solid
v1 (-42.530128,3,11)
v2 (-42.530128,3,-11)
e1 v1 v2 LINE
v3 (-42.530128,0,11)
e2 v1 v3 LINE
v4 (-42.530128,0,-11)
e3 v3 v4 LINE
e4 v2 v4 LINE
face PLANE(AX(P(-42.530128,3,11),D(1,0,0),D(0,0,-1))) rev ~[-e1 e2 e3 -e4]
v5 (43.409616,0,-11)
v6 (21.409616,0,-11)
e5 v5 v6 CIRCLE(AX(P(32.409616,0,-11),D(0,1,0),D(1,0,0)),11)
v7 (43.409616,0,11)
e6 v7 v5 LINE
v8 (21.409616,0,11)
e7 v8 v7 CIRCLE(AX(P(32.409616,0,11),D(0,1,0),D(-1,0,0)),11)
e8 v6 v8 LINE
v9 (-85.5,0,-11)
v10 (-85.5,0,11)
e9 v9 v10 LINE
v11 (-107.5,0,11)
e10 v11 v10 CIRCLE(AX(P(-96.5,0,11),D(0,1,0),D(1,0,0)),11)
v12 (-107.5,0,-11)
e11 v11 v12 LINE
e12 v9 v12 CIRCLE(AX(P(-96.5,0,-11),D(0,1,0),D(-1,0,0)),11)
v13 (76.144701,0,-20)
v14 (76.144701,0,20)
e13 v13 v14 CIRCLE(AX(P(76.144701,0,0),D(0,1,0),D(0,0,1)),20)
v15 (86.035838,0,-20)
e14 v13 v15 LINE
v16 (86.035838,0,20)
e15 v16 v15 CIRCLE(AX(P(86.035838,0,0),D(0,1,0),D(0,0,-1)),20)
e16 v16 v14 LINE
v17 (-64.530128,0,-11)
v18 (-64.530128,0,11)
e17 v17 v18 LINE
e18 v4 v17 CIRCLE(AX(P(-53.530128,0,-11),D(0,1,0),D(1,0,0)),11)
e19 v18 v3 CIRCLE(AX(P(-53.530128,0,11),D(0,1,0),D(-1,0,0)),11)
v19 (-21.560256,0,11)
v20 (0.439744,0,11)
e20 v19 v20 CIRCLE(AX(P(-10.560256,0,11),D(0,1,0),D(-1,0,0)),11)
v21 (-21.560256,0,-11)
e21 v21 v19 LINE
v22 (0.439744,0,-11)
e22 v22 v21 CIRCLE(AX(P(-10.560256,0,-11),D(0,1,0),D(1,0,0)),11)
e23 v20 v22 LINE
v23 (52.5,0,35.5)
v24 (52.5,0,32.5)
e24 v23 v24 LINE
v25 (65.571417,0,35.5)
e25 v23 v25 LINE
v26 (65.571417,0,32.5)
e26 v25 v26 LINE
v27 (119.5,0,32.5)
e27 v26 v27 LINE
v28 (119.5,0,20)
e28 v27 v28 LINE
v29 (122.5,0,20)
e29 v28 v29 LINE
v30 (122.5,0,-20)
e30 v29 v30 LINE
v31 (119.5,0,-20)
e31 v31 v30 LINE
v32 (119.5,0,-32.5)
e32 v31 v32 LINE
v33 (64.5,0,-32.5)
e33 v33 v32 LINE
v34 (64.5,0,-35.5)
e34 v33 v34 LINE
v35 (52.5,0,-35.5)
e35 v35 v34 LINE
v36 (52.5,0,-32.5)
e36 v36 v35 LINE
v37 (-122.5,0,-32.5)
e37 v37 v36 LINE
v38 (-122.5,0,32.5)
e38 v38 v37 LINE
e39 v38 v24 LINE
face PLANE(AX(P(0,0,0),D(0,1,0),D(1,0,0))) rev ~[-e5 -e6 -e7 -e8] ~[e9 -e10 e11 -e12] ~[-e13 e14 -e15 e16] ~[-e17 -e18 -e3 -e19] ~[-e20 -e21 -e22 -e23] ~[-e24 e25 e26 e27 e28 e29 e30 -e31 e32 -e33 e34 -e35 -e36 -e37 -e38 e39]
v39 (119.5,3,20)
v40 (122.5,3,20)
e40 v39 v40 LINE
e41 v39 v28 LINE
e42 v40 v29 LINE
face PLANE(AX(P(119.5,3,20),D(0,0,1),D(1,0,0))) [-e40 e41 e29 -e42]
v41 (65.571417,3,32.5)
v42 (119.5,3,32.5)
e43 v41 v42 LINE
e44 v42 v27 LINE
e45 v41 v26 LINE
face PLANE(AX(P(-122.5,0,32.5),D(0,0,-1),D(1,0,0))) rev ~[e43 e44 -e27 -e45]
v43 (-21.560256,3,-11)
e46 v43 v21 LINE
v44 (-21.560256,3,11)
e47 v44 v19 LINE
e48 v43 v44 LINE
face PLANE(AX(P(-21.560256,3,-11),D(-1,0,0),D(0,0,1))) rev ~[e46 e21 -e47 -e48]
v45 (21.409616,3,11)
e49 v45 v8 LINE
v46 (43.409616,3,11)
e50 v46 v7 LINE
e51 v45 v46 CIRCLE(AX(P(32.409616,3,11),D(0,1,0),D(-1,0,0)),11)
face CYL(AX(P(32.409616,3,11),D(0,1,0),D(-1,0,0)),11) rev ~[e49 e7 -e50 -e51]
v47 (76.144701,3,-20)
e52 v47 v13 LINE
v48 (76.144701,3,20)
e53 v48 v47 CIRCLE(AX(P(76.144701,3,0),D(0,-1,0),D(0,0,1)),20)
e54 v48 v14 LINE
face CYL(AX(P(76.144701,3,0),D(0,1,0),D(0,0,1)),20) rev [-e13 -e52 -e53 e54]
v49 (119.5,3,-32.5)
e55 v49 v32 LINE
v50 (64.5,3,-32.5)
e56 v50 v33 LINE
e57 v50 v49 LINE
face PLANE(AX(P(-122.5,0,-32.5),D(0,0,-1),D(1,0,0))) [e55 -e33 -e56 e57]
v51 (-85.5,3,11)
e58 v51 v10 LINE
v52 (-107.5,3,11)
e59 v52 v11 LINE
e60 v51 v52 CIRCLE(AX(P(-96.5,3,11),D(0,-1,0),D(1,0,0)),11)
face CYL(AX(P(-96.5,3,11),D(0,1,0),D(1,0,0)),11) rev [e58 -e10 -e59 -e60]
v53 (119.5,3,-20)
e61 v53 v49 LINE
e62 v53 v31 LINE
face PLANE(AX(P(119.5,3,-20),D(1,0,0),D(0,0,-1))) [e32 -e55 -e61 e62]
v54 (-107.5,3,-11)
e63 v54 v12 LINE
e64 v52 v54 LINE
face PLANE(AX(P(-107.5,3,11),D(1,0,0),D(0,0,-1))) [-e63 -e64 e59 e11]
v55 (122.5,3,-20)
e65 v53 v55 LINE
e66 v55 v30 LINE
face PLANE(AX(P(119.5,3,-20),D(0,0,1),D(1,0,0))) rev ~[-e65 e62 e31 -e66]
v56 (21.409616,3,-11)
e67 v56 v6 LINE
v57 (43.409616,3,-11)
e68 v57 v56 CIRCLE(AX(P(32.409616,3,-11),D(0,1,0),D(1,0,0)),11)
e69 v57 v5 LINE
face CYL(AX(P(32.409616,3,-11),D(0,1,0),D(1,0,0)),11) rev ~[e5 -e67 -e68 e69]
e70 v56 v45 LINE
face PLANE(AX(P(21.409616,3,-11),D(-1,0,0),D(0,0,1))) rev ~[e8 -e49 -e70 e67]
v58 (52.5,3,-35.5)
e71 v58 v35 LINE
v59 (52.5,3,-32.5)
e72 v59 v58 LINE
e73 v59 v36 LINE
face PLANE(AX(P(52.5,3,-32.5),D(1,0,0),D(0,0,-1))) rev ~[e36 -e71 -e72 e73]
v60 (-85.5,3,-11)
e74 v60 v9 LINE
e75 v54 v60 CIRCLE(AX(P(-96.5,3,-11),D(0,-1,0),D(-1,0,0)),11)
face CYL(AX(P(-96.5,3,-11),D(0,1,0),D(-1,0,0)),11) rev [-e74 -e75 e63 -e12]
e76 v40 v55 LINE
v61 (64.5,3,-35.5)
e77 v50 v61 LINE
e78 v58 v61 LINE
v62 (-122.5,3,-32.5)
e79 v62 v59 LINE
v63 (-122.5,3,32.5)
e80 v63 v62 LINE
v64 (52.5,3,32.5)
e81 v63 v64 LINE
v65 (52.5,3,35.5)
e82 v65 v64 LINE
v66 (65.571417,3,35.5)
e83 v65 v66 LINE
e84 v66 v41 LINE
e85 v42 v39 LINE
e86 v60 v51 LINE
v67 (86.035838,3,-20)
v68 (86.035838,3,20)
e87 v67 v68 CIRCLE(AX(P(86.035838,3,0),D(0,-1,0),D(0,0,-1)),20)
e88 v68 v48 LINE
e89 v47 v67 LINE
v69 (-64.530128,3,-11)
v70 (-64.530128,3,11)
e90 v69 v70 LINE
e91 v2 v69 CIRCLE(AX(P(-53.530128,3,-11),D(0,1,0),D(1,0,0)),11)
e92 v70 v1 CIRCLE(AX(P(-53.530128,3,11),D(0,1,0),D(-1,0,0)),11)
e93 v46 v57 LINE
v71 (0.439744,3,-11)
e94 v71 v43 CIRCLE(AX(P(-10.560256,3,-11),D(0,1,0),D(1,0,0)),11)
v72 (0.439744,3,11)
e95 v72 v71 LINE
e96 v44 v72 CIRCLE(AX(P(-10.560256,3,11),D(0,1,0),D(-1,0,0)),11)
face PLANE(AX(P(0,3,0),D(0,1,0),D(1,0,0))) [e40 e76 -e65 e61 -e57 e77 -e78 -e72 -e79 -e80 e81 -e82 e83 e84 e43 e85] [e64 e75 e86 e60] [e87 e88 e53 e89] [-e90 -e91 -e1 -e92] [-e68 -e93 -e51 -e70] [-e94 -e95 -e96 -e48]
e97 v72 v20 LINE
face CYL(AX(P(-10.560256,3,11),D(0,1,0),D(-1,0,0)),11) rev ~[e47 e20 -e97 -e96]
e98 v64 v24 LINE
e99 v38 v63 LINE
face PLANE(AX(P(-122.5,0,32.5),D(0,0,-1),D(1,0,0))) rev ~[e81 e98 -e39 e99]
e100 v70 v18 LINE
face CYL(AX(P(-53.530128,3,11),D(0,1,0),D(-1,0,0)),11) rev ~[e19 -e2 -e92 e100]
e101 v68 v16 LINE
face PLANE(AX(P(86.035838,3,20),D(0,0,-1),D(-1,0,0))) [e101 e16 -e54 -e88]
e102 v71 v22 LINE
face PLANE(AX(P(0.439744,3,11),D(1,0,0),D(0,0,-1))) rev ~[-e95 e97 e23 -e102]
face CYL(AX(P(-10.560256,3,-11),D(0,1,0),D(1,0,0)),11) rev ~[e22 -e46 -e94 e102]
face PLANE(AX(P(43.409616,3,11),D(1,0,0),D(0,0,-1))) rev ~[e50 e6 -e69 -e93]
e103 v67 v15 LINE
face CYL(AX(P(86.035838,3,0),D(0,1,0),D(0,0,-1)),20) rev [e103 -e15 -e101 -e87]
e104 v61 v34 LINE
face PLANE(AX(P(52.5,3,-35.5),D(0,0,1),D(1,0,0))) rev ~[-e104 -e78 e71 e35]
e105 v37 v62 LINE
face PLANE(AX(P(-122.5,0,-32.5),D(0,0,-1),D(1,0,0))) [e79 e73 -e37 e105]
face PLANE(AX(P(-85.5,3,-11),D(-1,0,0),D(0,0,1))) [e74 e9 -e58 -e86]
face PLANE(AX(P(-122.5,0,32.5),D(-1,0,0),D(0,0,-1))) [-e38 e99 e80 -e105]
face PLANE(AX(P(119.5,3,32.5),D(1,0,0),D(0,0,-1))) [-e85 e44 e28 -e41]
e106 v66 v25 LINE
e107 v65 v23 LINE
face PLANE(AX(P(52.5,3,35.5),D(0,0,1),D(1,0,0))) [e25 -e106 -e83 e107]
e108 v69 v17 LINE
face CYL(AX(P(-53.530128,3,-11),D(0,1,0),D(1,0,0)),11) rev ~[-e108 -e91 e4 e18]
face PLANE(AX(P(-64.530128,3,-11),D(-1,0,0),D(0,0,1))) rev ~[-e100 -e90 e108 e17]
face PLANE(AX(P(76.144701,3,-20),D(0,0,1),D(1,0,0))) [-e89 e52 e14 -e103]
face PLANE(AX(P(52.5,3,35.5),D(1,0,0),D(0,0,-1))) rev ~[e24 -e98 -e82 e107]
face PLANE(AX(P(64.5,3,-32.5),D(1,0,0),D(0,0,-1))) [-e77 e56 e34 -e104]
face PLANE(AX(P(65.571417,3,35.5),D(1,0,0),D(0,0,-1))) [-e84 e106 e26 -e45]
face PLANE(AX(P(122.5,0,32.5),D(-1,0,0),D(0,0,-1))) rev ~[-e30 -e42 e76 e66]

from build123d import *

# Parameters (mm, degrees)
SKETCH1_W           = 245
SKETCH1_H           = 65
BOSS_EXTRUDE1_DEPTH = 3
CUT_EXTRUDE1_DEPTH  = 10
SKETCH3_W           = 3
SKETCH3_H           = 12.5
CUT_EXTRUDE2_DEPTH  = 10
SKETCH5_W           = 12
SKETCH5_H           = 3
SKETCH5_W_2         = 13.071416553
BOSS_EXTRUDE2_DEPTH = 3


with BuildPart() as part:
    # Sketch1 → Boss-Extrude1 (new body)
    with BuildSketch(Plane(origin=(0, 0, 0), x_dir=(1, 0, 0), z_dir=(0, 1, 0))):
        Rectangle(SKETCH1_W, SKETCH1_H)
    extrude(amount=BOSS_EXTRUDE1_DEPTH)

    # Sketch2 → Cut-Extrude1 (cut)
    with BuildSketch(Plane(origin=(0, 3, 0), x_dir=(1, 0, 0), z_dir=(0, 1, 0))):
        with BuildLine():
            Line((-85.5, 11), (-85.5, -11))
            ThreePointArc((-85.5, -11), (-96.5, -22), (-107.5, -11))
            Line((-107.5, -11), (-107.5, 11))
            ThreePointArc((-107.5, 11), (-96.5, 22), (-85.5, 11))
        make_face()
        with BuildLine():
            Line((86.035837844, -20), (76.144700887, -20))
            ThreePointArc((76.144700887, -20), (56.144700887, 0), (76.144700887, 20))
            Line((76.144700887, 20), (86.035837844, 20))
            ThreePointArc((86.035837844, 20), (106.035837844, 0), (86.035837844, -20))
        make_face()
        with BuildLine():
            Line((-64.530127929, 11), (-64.530127929, -11))
            ThreePointArc((-64.530127929, -11), (-53.530127929, -22), (-42.530127929, -11))
            Line((-42.530127929, -11), (-42.530127929, 11))
            ThreePointArc((-42.530127929, 11), (-53.530127929, 22), (-64.530127929, 11))
        make_face()
        with BuildLine():
            Line((-21.560255858, 11), (-21.560255858, -11))
            ThreePointArc((-21.560255858, -11), (-10.560255858, -22), (0.439744142, -11))
            Line((0.439744142, -11), (0.439744142, 11))
            ThreePointArc((0.439744142, 11), (-10.560255858, 22), (-21.560255858, 11))
        make_face()
        with BuildLine():
            Line((21.409616214, 11), (21.409616214, -11))
            ThreePointArc((21.409616214, -11), (32.409616214, -22), (43.409616214, -11))
            Line((43.409616214, -11), (43.409616214, 11))
            ThreePointArc((43.409616214, 11), (32.409616214, 22), (21.409616214, 11))
        make_face()
    extrude(amount=-CUT_EXTRUDE1_DEPTH, mode=Mode.SUBTRACT)

    # Sketch3 → Cut-Extrude2 (cut)
    with BuildSketch(Plane(origin=(0, 3, 0), x_dir=(1, 0, 0), z_dir=(0, 1, 0))):
        with Locations((121, 26.25)):
            Rectangle(SKETCH3_W, SKETCH3_H)
        with Locations((121, -26.25)):
            Rectangle(SKETCH3_W, SKETCH3_H)
    extrude(amount=-CUT_EXTRUDE2_DEPTH, mode=Mode.SUBTRACT)

    # Sketch5 → Boss-Extrude2 (add)
    with BuildSketch(Plane(origin=(0, 3, 0), x_dir=(1, 0, 0), z_dir=(0, 1, 0))):
        with Locations((58.5, 34)):
            Rectangle(SKETCH5_W, SKETCH5_H)
        with Locations((59.035708277, -34)):
            Rectangle(SKETCH5_W_2, SKETCH5_H)
    extrude(amount=-BOSS_EXTRUDE2_DEPTH)


solid = part.part
